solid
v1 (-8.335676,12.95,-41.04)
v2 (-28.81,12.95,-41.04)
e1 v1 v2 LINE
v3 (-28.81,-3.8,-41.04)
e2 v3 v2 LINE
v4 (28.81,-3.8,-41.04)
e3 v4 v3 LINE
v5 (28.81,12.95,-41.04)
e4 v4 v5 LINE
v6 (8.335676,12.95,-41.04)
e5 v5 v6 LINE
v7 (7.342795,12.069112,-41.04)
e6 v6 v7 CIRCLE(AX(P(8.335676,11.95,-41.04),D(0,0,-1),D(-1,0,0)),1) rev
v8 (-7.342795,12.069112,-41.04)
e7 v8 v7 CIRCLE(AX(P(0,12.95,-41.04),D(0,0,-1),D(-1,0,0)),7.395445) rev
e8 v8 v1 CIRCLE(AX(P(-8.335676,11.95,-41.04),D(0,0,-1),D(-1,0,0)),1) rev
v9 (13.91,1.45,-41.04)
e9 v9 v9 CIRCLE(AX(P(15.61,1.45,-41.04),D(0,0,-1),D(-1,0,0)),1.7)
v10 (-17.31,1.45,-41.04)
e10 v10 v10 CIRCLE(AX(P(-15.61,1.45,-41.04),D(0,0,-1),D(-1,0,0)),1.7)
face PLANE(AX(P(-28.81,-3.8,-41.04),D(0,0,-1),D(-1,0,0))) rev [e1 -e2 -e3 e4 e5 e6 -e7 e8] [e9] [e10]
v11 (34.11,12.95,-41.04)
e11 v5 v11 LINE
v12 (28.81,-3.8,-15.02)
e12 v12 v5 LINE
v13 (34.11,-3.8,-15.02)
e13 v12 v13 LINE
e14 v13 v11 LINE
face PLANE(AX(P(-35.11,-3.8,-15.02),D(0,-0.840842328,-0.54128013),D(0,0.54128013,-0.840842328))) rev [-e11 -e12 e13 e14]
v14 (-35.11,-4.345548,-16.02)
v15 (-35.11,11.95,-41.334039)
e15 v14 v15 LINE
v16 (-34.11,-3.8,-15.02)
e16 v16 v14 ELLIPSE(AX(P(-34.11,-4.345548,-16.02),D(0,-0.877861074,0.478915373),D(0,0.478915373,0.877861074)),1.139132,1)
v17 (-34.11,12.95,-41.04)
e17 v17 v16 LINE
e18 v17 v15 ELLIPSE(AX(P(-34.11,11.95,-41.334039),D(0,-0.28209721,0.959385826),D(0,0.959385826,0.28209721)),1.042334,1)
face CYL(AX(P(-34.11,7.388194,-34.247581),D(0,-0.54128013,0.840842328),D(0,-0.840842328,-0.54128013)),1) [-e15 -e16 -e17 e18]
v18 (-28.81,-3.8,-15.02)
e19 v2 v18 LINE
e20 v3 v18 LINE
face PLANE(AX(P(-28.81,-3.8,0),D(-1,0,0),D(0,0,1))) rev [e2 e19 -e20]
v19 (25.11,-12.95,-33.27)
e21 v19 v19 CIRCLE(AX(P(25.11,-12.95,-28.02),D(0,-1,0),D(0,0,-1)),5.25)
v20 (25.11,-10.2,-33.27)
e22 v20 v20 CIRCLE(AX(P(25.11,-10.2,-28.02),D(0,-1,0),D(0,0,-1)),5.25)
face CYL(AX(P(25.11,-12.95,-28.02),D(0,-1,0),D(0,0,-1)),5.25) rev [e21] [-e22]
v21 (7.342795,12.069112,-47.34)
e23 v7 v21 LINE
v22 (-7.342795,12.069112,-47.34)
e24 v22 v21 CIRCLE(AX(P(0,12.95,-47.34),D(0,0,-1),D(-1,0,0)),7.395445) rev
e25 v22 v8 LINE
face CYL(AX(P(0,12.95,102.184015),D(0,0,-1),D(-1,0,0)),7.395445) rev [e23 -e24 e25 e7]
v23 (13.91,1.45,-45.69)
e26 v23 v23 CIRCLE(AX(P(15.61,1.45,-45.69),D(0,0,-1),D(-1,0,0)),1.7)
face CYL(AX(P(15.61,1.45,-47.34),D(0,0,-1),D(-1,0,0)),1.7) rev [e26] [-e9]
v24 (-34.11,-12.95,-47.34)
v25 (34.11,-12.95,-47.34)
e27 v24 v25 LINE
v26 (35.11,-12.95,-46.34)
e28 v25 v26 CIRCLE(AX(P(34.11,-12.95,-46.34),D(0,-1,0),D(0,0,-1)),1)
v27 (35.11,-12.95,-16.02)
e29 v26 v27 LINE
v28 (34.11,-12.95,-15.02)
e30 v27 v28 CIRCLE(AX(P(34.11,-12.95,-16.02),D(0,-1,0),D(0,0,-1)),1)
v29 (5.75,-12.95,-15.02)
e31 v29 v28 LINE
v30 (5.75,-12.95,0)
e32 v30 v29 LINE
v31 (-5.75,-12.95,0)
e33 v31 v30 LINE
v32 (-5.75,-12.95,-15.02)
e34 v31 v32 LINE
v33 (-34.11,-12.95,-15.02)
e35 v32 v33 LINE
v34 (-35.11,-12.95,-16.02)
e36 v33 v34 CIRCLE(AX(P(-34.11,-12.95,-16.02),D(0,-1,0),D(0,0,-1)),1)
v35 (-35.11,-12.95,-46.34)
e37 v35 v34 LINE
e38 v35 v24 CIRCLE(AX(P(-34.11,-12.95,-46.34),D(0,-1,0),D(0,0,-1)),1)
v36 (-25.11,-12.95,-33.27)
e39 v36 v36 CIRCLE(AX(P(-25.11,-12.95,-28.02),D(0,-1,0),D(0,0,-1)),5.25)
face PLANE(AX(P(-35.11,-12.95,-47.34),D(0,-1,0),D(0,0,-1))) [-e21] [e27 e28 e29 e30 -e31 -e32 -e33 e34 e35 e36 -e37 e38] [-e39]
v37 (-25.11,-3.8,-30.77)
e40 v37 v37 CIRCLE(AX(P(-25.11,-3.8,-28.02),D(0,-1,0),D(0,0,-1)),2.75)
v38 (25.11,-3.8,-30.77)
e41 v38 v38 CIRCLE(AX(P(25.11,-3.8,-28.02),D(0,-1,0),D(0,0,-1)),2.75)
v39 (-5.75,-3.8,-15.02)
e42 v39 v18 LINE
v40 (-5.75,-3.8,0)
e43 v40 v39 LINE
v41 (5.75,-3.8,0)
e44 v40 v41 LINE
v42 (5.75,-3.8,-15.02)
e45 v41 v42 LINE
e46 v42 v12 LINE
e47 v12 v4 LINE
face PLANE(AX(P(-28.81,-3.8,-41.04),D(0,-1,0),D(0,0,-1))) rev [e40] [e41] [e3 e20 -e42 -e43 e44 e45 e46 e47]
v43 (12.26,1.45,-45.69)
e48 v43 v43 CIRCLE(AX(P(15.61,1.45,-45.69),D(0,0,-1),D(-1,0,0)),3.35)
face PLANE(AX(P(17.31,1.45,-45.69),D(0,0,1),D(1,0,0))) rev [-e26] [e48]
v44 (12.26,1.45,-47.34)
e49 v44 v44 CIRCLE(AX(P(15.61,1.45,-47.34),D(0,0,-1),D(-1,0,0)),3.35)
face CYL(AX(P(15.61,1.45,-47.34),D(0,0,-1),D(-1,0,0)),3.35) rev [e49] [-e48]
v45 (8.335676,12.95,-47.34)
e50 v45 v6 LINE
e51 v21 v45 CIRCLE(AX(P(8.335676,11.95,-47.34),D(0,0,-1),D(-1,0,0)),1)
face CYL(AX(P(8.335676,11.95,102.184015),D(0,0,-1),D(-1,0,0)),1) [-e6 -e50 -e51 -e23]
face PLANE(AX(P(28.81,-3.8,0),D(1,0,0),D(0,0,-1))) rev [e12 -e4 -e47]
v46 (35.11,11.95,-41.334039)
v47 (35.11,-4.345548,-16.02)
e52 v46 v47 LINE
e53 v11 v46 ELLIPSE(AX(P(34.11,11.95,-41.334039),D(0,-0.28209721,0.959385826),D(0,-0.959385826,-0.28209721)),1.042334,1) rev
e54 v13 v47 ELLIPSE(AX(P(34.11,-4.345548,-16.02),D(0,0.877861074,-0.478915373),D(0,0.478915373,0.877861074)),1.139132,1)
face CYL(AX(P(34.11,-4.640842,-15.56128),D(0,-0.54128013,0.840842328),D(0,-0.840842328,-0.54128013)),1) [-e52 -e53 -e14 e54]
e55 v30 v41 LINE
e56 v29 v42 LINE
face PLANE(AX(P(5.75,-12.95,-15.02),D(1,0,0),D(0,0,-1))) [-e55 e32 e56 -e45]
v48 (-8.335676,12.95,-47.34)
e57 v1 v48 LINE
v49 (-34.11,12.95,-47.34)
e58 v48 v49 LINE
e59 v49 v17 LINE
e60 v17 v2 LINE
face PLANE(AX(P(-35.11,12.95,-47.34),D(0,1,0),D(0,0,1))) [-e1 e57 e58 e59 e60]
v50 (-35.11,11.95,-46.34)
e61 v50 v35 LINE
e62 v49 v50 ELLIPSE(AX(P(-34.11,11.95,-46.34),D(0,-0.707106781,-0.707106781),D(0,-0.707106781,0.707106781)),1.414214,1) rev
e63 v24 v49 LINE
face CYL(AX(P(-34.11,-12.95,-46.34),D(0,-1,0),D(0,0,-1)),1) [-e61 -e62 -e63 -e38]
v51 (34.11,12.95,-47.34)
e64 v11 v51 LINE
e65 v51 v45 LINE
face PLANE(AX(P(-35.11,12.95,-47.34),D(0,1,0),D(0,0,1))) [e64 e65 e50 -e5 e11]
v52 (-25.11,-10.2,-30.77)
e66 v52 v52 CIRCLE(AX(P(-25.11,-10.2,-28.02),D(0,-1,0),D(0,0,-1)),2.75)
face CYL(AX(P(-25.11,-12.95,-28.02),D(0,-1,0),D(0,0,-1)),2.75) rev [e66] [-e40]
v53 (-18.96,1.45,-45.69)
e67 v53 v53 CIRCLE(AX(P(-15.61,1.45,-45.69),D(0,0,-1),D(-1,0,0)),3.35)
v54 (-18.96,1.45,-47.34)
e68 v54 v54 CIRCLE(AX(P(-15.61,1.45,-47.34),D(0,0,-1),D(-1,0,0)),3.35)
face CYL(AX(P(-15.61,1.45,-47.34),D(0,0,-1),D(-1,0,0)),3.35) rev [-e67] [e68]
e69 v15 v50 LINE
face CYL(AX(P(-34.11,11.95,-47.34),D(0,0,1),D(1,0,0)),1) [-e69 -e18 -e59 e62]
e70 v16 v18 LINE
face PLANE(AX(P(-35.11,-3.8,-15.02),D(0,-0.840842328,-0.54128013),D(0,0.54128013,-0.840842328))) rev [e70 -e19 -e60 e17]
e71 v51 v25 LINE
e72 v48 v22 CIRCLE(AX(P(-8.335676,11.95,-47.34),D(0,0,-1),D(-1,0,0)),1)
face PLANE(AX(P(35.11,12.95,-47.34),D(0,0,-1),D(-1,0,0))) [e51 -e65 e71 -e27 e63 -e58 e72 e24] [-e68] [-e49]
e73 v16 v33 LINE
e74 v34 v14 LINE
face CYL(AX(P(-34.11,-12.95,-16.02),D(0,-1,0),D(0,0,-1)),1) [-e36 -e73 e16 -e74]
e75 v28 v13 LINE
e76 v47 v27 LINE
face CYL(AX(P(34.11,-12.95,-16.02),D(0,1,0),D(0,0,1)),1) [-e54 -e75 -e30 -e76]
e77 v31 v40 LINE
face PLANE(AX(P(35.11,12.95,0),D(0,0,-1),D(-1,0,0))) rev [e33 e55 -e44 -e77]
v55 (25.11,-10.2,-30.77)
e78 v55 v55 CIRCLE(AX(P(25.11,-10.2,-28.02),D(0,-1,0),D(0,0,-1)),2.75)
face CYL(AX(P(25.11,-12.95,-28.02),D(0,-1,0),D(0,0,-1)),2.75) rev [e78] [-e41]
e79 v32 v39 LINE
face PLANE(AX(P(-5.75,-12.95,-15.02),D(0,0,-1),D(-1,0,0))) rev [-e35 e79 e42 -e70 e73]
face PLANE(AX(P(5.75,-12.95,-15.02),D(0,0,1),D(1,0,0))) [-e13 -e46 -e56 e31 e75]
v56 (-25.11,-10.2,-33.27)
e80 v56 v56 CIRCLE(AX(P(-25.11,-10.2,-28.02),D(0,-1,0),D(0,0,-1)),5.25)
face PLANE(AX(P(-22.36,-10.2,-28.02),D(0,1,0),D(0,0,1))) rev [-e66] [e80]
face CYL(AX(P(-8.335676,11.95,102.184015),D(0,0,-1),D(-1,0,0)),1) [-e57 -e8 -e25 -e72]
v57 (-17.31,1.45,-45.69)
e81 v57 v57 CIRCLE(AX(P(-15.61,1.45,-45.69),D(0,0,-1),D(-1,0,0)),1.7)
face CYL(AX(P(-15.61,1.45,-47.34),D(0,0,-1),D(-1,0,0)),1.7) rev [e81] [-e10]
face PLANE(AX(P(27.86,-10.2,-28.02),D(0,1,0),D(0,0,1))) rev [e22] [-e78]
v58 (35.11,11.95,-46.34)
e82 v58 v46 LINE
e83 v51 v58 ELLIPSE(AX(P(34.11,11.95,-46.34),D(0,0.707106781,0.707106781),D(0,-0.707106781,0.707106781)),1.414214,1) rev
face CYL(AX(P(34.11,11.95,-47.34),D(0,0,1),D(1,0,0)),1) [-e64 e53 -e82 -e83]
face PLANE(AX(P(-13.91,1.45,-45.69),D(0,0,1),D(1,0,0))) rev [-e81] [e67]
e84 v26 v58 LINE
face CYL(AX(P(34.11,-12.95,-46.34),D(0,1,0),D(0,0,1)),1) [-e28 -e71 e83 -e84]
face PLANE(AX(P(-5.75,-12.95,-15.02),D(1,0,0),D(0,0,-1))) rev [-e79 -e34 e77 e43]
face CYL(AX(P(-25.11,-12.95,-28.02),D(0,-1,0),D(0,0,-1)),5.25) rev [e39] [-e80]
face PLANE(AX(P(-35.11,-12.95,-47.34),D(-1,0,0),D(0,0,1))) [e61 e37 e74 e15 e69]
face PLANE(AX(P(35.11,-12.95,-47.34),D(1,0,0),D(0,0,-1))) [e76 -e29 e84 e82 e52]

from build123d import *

# Parameters (mm, degrees)
SKETCH1_W                       = 70.22
SKETCH1_H                       = 25.9
BOSS_EXTRUDE1_DEPTH             = 47.34
SKETCH6_W                       = 29.36
SKETCH6_H                       = 15.02
CUT_EXTRUDE1_DEPTH              = 65.378549999
SKETCH8_W                       = 57.62
SKETCH8_H                       = 41.04
CUT_EXTRUDE2_DEPTH              = 16.75
CUT_EXTRUDE3_DEPTH              = 86.671620155
CUT_EXTRUDE4_DEPTH              = 56.540041412
CUT_EXTRUDE4_DEPTH_BACK         = 56.540041412
FILLET9_R                       = 1
CBORE_FOR_M3_SBHCS1_D           = 3.4
CBORE_FOR_M3_SBHCS1_CBORE_D     = 6.7
CBORE_FOR_M3_SBHCS1_CBORE_DEPTH = 1.65
CBORE_FOR_M5_SBHCS1_D           = 5.5
CBORE_FOR_M5_SBHCS1_CBORE_D     = 10.5
CBORE_FOR_M5_SBHCS1_CBORE_DEPTH = 2.75


with BuildPart() as part:
    # Sketch1 → Boss-Extrude1 (new body)
    with BuildSketch(Plane.XY):
        Rectangle(SKETCH1_W, SKETCH1_H)
    extrude(amount=-BOSS_EXTRUDE1_DEPTH)

    # Sketch6 → Cut-Extrude1 (cut, through all)
    with BuildSketch(Plane(origin=(0, 12.95, 0), x_dir=(1, 0, 0), z_dir=(0, 1, 0))):
        with Locations((-20.43, 7.51)):
            Rectangle(SKETCH6_W, SKETCH6_H)
    cut_extrude1 = extrude(amount=-CUT_EXTRUDE1_DEPTH, mode=Mode.SUBTRACT)

    # Mirror1: Cut-Extrude1 across plane
    add(cut_extrude1.mirror(Plane(origin=(0, 0, 0), x_dir=(0, 0, 1), z_dir=(1, 0, 0))), mode=Mode.SUBTRACT)

    # Sketch8 → Cut-Extrude2 (cut)
    with BuildSketch(Plane(origin=(0, 12.95, 0), x_dir=(1, 0, 0), z_dir=(0, 1, 0))):
        with Locations((0, 20.52)):
            Rectangle(SKETCH8_W, SKETCH8_H)
    extrude(amount=-CUT_EXTRUDE2_DEPTH, mode=Mode.SUBTRACT)

    # Sketch12 → Cut-Extrude3 (cut, through all)
    with BuildSketch(Plane(origin=(35.11, 0, 0), x_dir=(0, 0, -1), z_dir=(1, 0, 0))):
        Polygon((15.02, -3.8), (41.04, 12.95), (15.02, 12.95), align=None)
    extrude(amount=-CUT_EXTRUDE3_DEPTH, mode=Mode.SUBTRACT)

    # Sketch16 → Cut-Extrude4 (cut, two sides: drawn at the far end of the back side and taken through both)
    with BuildSketch(Plane.XY.offset(-41.04).offset(-CUT_EXTRUDE4_DEPTH_BACK)):
        with BuildLine():
            Line((-7.395445113, 122.499442273), (-7.395445113, 12.95))
            ThreePointArc((-7.395445113, 12.95), (0, 5.554554887), (7.395445113, 12.95))
            Line((7.395445113, 12.95), (7.395445113, 122.499442273))
            Line((7.395445113, 122.499442273), (7.395445113, 341.598326819))
            Line((7.395445113, 341.598326819), (-7.395445113, 341.598326819))
            Line((-7.395445113, 341.598326819), (-7.395445113, 122.499442273))
        make_face()
    extrude(amount=CUT_EXTRUDE4_DEPTH + CUT_EXTRUDE4_DEPTH_BACK, mode=Mode.SUBTRACT)

    # Fillet9
    fillet9_edges = [part.edges().sort_by_distance(p)[0] for p in [
        (-35.11, 0, -47.34),
        (7.395445113, 12.95, -44.19),
        (-7.395445113, 12.95, -44.19),
        (-35.11, -8.375, -15.02),
        (35.11, -8.375, -15.02),
        (35.11, 0, -47.34),
        (-35.11, 12.95, -44.19),
        (35.11, 12.95, -44.19),
        (-35.11, 4.575, -28.03),
        (35.11, 4.575, -28.03),
    ]]
    fillet(fillet9_edges, radius=FILLET9_R)

    # CBORE for M3 SBHCS1 (through all)
    with Locations(Plane(origin=(0, 0, -47.34), x_dir=(-1, 0, 0), z_dir=(0, 0, -1))):
        with Locations((-15.61, 1.45), (15.61, 1.45)):
            CounterBoreHole(CBORE_FOR_M3_SBHCS1_D / 2, CBORE_FOR_M3_SBHCS1_CBORE_D / 2, CBORE_FOR_M3_SBHCS1_CBORE_DEPTH)

    # CBORE for M5 SBHCS1 (through all)
    with Locations(Plane.XZ.offset(12.95)):
        with Locations((-25.11, -28.02), (25.11, -28.02)):
            CounterBoreHole(CBORE_FOR_M5_SBHCS1_D / 2, CBORE_FOR_M5_SBHCS1_CBORE_D / 2, CBORE_FOR_M5_SBHCS1_CBORE_DEPTH)


solid = part.part
